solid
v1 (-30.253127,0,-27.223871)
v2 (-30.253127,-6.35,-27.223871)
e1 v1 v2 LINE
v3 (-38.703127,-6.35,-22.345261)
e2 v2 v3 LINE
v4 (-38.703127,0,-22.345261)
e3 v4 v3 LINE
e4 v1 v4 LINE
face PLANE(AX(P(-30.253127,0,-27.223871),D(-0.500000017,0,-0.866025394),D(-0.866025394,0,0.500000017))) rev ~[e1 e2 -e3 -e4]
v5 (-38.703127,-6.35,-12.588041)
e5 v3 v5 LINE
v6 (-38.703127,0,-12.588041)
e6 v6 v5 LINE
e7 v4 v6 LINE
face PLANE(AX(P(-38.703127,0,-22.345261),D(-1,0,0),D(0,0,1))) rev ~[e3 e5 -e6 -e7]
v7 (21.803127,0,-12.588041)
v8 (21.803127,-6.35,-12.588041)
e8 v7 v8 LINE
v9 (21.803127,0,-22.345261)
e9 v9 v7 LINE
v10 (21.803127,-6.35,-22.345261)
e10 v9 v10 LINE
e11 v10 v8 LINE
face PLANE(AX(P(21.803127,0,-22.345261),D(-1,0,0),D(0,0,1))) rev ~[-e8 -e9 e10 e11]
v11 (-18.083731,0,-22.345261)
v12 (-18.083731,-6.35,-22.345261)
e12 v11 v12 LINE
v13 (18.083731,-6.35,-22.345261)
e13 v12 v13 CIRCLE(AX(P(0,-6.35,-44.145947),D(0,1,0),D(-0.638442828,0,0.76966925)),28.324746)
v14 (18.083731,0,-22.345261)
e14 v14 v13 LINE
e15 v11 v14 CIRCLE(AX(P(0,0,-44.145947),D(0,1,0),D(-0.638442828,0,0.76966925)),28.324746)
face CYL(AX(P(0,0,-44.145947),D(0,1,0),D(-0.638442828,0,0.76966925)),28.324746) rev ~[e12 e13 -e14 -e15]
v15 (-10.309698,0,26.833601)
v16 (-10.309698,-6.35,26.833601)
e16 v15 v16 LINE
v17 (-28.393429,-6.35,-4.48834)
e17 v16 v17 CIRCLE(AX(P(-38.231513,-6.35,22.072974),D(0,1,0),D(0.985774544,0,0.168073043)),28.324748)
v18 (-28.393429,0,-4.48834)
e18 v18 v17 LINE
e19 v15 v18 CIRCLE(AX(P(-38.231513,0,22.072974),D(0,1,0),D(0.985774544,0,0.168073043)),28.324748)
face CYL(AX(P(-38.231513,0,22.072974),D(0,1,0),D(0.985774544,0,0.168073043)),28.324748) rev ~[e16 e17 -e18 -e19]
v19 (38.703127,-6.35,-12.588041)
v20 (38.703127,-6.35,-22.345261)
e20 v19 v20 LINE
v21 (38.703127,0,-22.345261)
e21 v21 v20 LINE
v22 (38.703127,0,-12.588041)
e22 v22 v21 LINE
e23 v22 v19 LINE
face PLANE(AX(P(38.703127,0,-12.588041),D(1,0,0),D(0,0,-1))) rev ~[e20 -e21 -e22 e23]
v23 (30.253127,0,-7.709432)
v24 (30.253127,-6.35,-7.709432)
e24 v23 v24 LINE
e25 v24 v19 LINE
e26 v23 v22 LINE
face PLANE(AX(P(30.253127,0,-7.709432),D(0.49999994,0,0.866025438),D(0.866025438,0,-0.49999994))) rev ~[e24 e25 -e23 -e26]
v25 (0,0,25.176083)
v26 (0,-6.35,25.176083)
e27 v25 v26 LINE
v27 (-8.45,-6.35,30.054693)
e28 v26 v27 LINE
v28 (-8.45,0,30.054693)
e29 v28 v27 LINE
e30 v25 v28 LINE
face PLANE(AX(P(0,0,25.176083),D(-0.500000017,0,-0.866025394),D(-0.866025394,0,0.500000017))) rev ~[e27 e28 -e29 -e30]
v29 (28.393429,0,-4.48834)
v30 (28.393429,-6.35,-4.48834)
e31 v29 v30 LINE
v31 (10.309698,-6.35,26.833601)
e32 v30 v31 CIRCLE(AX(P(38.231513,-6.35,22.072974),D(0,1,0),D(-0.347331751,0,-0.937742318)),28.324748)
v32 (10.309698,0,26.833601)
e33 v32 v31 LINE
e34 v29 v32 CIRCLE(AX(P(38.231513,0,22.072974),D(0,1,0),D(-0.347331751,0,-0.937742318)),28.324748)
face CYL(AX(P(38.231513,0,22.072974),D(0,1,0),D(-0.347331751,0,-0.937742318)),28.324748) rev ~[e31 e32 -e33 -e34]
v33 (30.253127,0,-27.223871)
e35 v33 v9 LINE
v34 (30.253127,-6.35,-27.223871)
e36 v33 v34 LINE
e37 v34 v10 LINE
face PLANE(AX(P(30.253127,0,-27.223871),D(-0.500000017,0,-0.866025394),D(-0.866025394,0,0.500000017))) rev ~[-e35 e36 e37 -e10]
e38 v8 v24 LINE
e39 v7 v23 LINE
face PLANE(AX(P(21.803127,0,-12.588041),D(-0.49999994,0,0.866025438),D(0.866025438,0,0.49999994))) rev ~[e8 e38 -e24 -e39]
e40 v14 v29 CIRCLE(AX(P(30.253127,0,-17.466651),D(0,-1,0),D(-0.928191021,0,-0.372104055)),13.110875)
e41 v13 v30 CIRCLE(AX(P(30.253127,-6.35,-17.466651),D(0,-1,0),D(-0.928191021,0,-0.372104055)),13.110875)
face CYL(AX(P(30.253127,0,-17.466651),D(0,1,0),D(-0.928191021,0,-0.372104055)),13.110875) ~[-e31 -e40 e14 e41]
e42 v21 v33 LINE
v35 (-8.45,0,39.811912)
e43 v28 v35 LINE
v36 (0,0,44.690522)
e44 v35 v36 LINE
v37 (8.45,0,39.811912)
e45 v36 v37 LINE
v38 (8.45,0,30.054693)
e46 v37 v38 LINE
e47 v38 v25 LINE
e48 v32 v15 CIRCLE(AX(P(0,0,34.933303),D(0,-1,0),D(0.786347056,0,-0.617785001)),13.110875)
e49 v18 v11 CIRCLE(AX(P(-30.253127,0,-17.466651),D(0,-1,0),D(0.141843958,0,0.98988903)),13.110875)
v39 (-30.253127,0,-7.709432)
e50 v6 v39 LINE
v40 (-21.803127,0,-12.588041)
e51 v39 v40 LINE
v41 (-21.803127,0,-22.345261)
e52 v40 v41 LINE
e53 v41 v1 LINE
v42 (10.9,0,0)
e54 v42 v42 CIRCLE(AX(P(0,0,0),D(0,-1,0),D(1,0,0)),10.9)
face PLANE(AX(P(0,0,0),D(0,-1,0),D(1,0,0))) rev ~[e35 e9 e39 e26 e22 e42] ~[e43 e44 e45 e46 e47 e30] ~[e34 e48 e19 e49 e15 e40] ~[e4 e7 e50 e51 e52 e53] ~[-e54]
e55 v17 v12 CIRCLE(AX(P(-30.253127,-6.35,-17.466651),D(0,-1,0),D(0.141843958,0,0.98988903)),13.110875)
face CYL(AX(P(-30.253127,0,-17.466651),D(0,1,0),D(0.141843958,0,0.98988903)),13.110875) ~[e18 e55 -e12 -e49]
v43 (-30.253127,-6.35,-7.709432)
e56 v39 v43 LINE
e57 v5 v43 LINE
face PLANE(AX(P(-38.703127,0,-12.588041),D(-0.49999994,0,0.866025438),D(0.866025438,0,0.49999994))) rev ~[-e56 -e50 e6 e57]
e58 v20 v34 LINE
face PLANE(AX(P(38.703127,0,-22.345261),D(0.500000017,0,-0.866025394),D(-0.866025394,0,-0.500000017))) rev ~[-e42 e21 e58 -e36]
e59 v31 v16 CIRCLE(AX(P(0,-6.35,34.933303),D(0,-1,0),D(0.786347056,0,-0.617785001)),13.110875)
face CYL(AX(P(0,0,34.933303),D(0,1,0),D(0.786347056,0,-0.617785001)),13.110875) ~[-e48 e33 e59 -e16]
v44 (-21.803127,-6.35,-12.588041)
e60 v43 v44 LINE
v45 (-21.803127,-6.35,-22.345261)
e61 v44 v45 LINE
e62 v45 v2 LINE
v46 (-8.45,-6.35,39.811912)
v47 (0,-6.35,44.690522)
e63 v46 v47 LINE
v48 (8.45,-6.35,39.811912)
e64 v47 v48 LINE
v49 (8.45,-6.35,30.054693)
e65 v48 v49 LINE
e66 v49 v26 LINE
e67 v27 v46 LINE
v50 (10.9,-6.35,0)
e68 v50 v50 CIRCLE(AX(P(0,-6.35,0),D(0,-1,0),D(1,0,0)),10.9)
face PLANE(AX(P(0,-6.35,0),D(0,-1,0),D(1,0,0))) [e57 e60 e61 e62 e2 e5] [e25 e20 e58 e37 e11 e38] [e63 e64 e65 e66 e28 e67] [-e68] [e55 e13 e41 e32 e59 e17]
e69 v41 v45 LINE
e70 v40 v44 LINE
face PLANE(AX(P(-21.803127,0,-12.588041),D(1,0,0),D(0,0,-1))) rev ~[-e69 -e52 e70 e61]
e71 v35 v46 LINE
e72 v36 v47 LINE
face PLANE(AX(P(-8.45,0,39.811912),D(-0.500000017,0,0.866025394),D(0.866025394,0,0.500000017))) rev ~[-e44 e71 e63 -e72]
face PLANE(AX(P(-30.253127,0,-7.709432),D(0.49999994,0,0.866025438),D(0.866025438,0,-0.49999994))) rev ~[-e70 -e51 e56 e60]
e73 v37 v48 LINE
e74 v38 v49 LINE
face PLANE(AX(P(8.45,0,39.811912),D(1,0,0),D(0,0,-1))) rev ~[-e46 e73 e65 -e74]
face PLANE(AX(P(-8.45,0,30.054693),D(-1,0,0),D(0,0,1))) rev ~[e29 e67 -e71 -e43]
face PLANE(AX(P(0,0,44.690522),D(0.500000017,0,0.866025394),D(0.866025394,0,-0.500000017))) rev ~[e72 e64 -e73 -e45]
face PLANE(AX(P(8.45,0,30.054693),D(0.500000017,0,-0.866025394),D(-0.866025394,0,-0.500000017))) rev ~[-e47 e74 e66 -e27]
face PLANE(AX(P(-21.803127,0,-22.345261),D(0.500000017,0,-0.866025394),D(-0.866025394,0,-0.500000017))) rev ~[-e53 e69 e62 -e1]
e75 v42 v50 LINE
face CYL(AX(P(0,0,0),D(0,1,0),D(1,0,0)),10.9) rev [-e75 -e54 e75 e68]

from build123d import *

# Parameters (mm, degrees)
F0_R     = 10.9
F1_DEPTH = 6.35


with BuildPart() as f1:
    # F0 (on Front) → F1 (new body)
    with BuildSketch(Plane.XZ):
        with BuildLine():
            ThreePointArc((28.393429, -4.48834), (13.701562, 7.910601), (10.309698, 26.833601))
            ThreePointArc((10.309698, 26.833601), (0, 48.044178), (-10.309698, 26.833601))
            ThreePointArc((-10.309698, 26.833601), (-13.701562, 7.910601), (-28.393429, -4.48834))
            ThreePointArc((-28.393429, -4.48834), (-41.607478, -24.022089), (-18.083731, -22.345261))
            ThreePointArc((-18.083731, -22.345261), (0, -15.821201), (18.083731, -22.345261))
            ThreePointArc((18.083731, -22.345261), (41.607478, -24.022089), (28.393429, -4.48834))
        make_face()
        Polygon((-21.803127, -12.588041), (-21.803127, -22.345261), (-30.253127, -27.223871), (-38.703127, -22.345261), (-38.703127, -12.588041), (-30.253127, -7.709432), align=None, mode=Mode.SUBTRACT)
        Polygon((21.803127, -12.588041), (30.253127, -7.709432), (38.703127, -12.588041), (38.703127, -22.345261), (30.253127, -27.223871), (21.803127, -22.345261), align=None, mode=Mode.SUBTRACT)
        Circle(F0_R, mode=Mode.SUBTRACT)
        Polygon((0, 44.690522), (8.45, 39.811912), (8.45, 30.054693), (0, 25.176083), (-8.45, 30.054693), (-8.45, 39.811912), align=None, mode=Mode.SUBTRACT)
    extrude(amount=F1_DEPTH)


solid = f1.part
